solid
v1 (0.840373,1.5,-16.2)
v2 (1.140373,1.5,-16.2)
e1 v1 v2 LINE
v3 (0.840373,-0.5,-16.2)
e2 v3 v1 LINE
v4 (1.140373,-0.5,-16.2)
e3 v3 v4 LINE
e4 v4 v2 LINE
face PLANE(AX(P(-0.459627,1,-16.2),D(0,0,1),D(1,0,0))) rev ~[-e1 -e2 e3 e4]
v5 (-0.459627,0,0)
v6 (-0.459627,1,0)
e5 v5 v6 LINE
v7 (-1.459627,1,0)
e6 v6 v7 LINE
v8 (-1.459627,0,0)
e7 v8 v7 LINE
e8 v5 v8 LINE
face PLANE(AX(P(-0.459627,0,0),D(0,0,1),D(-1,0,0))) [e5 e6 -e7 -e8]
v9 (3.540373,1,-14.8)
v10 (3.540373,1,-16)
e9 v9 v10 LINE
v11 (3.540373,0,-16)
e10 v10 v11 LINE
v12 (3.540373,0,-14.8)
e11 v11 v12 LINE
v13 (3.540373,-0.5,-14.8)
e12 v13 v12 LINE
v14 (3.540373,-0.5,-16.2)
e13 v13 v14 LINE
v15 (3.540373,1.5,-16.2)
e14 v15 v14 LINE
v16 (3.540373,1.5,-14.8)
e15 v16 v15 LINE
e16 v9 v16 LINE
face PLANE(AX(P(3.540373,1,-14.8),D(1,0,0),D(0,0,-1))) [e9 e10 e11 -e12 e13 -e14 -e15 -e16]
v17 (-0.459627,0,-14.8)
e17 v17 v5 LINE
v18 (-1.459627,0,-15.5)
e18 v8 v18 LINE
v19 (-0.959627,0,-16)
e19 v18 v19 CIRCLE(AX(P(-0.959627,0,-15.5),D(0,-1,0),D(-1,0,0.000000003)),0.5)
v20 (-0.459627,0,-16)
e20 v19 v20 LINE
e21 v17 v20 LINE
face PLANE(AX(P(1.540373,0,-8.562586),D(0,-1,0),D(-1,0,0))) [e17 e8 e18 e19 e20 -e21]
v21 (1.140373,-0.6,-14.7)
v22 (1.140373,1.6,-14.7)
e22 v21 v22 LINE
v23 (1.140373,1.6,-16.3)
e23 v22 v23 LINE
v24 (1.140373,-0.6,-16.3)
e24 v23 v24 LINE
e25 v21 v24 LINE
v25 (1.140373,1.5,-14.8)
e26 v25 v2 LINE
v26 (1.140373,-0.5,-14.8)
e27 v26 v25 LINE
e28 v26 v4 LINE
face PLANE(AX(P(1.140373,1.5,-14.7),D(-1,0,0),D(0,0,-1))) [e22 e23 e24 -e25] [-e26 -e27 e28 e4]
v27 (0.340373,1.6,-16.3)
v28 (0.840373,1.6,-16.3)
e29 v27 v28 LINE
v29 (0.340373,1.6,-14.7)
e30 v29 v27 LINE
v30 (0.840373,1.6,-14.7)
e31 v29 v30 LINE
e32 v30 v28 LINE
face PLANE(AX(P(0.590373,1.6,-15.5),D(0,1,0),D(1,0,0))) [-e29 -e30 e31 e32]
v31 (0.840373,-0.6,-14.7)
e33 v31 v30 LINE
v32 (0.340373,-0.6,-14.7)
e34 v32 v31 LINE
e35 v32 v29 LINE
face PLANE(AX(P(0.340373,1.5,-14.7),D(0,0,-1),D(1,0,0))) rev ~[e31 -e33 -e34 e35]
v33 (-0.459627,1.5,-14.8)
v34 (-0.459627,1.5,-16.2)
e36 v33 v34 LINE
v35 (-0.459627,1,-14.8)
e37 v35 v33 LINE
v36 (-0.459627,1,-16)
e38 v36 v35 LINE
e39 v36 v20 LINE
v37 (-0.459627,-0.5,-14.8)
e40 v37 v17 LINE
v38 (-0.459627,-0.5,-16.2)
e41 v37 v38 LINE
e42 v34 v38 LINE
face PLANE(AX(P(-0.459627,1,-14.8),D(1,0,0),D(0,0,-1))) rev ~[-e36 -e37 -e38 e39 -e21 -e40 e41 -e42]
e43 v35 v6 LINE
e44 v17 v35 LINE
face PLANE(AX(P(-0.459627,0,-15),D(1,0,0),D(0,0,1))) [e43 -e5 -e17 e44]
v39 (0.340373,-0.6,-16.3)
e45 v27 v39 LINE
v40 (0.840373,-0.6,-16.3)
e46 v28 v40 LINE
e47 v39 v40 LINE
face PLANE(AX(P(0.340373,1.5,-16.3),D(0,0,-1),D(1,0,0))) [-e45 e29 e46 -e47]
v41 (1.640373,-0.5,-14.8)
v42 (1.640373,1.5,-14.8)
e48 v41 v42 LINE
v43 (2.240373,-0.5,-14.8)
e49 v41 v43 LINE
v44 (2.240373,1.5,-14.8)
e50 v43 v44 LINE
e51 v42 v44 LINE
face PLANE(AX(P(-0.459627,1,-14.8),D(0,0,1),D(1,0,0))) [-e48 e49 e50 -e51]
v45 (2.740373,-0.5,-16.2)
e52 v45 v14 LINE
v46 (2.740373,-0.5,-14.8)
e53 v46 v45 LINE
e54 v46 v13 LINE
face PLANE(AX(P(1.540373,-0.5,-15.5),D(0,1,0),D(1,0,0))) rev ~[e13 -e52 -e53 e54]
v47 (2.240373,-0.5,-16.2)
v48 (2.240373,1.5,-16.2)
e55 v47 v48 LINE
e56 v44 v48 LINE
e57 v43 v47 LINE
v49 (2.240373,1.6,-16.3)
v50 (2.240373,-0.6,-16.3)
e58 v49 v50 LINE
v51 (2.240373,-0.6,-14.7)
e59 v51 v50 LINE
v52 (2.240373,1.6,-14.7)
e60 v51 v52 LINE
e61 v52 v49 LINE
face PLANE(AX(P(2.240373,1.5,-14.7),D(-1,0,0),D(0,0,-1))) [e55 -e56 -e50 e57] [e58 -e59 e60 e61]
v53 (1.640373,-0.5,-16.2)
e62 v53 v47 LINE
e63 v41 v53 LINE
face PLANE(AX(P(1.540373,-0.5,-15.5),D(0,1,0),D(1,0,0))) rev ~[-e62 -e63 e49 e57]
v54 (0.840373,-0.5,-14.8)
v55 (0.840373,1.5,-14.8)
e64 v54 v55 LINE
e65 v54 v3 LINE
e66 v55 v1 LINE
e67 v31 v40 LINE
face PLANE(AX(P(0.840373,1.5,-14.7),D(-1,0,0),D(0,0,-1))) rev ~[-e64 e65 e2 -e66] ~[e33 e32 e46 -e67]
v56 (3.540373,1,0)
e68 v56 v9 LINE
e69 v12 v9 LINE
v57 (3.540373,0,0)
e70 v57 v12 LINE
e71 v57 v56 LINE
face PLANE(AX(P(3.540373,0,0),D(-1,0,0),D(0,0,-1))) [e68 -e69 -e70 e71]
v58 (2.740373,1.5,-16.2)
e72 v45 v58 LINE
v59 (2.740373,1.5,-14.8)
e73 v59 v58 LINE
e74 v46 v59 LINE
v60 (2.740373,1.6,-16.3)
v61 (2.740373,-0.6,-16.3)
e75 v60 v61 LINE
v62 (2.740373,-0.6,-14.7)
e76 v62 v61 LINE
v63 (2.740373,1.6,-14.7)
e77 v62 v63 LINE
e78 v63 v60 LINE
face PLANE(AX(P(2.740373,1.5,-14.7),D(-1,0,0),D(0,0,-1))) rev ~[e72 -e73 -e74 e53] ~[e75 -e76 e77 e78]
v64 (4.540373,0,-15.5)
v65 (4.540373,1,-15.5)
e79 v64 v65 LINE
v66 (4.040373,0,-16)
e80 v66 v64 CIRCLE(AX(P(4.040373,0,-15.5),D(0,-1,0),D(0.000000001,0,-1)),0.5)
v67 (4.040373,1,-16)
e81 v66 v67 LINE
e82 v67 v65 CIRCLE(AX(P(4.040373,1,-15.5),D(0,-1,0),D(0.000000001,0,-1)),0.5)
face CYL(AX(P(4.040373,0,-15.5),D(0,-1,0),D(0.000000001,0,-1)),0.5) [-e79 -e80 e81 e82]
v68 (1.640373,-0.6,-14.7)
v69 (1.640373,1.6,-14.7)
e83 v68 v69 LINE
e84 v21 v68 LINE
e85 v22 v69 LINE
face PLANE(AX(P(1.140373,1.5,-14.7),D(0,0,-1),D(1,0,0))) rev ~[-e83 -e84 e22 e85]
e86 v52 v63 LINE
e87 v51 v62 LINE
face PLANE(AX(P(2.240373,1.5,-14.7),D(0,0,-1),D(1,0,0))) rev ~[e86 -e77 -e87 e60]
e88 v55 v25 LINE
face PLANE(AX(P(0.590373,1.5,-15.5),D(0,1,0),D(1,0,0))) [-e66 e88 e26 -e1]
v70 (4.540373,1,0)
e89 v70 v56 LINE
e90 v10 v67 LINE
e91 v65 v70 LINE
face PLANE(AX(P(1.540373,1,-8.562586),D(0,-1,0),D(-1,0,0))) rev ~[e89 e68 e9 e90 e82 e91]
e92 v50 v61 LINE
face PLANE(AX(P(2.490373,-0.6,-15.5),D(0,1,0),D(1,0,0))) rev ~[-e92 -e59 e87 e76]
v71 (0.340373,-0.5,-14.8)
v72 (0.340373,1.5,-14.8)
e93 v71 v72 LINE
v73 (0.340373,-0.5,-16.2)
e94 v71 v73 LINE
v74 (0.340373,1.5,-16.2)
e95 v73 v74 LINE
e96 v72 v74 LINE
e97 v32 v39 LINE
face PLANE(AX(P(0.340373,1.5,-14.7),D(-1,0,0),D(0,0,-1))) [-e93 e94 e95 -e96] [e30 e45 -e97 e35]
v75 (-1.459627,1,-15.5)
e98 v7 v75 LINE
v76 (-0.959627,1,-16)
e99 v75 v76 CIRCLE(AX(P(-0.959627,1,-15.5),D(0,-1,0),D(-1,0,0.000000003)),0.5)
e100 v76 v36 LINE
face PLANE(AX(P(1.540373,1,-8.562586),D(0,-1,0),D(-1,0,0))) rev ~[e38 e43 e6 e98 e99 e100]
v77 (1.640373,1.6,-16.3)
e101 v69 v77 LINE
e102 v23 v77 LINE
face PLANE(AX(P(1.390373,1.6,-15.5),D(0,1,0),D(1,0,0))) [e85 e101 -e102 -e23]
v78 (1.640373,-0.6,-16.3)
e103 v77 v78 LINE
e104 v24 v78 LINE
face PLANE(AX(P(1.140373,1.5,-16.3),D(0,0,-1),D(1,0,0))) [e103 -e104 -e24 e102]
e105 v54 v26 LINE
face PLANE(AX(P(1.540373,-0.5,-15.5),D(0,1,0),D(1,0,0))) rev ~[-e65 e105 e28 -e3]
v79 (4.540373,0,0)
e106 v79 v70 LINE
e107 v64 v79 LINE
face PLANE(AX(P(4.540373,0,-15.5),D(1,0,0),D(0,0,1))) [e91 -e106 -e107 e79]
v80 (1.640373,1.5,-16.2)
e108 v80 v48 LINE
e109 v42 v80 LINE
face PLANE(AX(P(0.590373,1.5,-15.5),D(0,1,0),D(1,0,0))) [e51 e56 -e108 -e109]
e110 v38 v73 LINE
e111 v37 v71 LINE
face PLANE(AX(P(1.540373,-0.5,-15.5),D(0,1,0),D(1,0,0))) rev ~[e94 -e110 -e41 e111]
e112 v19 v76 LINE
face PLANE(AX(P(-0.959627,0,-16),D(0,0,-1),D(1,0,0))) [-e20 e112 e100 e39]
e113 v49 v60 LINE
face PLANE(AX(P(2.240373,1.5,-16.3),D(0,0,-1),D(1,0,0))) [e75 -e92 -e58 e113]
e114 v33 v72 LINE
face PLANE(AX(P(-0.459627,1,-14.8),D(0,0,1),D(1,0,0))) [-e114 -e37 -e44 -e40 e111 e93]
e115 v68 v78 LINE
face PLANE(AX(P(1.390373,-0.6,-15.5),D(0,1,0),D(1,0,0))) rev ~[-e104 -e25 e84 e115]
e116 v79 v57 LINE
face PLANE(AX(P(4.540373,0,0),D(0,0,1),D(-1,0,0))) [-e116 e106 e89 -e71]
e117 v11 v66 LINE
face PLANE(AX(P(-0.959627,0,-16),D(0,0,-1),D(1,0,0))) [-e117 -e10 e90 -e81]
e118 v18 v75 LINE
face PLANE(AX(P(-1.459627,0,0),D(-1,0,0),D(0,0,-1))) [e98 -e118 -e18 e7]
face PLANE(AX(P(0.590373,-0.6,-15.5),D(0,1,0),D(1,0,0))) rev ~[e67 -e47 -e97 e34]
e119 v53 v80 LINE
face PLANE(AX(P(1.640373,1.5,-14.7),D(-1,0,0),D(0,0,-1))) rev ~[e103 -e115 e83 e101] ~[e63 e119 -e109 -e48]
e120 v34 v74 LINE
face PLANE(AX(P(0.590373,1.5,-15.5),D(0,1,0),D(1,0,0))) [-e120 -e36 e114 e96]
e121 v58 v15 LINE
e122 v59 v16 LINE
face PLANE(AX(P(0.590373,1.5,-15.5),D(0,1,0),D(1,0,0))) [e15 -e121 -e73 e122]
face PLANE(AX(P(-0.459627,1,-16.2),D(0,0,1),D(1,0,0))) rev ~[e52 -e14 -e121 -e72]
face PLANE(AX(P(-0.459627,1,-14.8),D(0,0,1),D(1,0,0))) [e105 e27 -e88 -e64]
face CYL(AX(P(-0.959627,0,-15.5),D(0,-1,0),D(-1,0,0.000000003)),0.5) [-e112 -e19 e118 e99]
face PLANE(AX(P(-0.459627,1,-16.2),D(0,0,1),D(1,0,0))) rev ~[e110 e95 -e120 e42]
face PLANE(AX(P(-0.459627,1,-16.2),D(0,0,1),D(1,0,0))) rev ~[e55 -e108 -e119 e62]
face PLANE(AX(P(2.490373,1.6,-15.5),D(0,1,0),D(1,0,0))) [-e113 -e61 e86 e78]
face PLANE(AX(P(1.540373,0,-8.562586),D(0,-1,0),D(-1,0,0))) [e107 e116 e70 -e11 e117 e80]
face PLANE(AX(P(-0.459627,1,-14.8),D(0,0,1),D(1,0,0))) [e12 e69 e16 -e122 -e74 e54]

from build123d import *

# Parameters (mm, degrees)
BOSS_EXTRUDE1_DEPTH = 1
SKETCH3_W           = 4
SKETCH3_H           = 1.4
BOSS_EXTRUDE2_DEPTH = 1.5
SKETCH4_W           = 4
SKETCH4_H           = 1.4
CUT_EXTRUDE1_DEPTH  = 1
SKETCH5_W           = 0.5
SKETCH5_H           = 1.6
BOSS_EXTRUDE4_DEPTH = 2.1
SKETCH6_W           = 0.5
SKETCH6_H           = 1.6
BOSS_EXTRUDE5_DEPTH = 0.1


with BuildPart() as part:
    # Sketch1 → Boss-Extrude1 (new body)
    with BuildSketch(Plane(origin=(0, 0, 0), x_dir=(1, 0, 0), z_dir=(0, 1, 0))):
        with BuildLine():
            Line((-1.459627329, 0), (-1.459627329, 15.5))
            ThreePointArc((-1.459627329, 15.5), (-1.31318072, 15.853553391), (-0.959627329, 16))
            Line((-0.959627329, 16), (4.040372671, 16))
            ThreePointArc((4.040372671, 16), (4.393926061, 15.853553391), (4.540372671, 15.5))
            Line((4.540372671, 15.5), (4.540372671, 0))
            Line((4.540372671, 0), (3.540372671, 0))
            Line((3.540372671, 0), (3.540372671, 15))
            Line((3.540372671, 15), (-0.459627329, 15))
            Line((-0.459627329, 15), (-0.459627329, 0))
            Line((-0.459627329, 0), (-1.459627329, 0))
        make_face()
    extrude(amount=BOSS_EXTRUDE1_DEPTH)

    # Sketch3 → Boss-Extrude2 (add, symmetric)
    with BuildSketch(Plane(origin=(0, 1, 0), x_dir=(1, 0, 0), z_dir=(0, 1, 0))):
        with Locations((1.540372671, 15.5)):
            Rectangle(SKETCH3_W, SKETCH3_H)
    extrude(amount=BOSS_EXTRUDE2_DEPTH, both=True)

    # Sketch4 → Cut-Extrude1 (cut)
    with BuildSketch(Plane(origin=(0, 2.5, 0), x_dir=(1, 0, 0), z_dir=(0, 1, 0))):
        with Locations((1.540372671, 15.5)):
            Rectangle(SKETCH4_W, SKETCH4_H)
    extrude(amount=-CUT_EXTRUDE1_DEPTH, mode=Mode.SUBTRACT)

    # Sketch5 → Boss-Extrude4 (add)
    with BuildSketch(Plane(origin=(0, 1.5, 0), x_dir=(1, 0, 0), z_dir=(0, 1, 0))):
        with Locations((0.590372671, 15.5)):
            Rectangle(SKETCH5_W, SKETCH5_H)
        with Locations((1.390372671, 15.5)):
            Rectangle(SKETCH5_W, SKETCH5_H)
        with Locations((2.490372671, 15.5)):
            Rectangle(SKETCH5_W, SKETCH5_H)
    extrude(amount=-BOSS_EXTRUDE4_DEPTH)

    # Sketch6 → Boss-Extrude5 (add)
    with BuildSketch(Plane(origin=(0, 1.5, 0), x_dir=(1, 0, 0), z_dir=(0, 1, 0))):
        with Locations((0.590372671, 15.5)):
            Rectangle(SKETCH6_W, SKETCH6_H)
        with Locations((1.390372671, 15.5)):
            Rectangle(SKETCH6_W, SKETCH6_H)
        with Locations((2.490372671, 15.5)):
            Rectangle(SKETCH6_W, SKETCH6_H)
    extrude(amount=BOSS_EXTRUDE5_DEPTH)


solid = part.part
